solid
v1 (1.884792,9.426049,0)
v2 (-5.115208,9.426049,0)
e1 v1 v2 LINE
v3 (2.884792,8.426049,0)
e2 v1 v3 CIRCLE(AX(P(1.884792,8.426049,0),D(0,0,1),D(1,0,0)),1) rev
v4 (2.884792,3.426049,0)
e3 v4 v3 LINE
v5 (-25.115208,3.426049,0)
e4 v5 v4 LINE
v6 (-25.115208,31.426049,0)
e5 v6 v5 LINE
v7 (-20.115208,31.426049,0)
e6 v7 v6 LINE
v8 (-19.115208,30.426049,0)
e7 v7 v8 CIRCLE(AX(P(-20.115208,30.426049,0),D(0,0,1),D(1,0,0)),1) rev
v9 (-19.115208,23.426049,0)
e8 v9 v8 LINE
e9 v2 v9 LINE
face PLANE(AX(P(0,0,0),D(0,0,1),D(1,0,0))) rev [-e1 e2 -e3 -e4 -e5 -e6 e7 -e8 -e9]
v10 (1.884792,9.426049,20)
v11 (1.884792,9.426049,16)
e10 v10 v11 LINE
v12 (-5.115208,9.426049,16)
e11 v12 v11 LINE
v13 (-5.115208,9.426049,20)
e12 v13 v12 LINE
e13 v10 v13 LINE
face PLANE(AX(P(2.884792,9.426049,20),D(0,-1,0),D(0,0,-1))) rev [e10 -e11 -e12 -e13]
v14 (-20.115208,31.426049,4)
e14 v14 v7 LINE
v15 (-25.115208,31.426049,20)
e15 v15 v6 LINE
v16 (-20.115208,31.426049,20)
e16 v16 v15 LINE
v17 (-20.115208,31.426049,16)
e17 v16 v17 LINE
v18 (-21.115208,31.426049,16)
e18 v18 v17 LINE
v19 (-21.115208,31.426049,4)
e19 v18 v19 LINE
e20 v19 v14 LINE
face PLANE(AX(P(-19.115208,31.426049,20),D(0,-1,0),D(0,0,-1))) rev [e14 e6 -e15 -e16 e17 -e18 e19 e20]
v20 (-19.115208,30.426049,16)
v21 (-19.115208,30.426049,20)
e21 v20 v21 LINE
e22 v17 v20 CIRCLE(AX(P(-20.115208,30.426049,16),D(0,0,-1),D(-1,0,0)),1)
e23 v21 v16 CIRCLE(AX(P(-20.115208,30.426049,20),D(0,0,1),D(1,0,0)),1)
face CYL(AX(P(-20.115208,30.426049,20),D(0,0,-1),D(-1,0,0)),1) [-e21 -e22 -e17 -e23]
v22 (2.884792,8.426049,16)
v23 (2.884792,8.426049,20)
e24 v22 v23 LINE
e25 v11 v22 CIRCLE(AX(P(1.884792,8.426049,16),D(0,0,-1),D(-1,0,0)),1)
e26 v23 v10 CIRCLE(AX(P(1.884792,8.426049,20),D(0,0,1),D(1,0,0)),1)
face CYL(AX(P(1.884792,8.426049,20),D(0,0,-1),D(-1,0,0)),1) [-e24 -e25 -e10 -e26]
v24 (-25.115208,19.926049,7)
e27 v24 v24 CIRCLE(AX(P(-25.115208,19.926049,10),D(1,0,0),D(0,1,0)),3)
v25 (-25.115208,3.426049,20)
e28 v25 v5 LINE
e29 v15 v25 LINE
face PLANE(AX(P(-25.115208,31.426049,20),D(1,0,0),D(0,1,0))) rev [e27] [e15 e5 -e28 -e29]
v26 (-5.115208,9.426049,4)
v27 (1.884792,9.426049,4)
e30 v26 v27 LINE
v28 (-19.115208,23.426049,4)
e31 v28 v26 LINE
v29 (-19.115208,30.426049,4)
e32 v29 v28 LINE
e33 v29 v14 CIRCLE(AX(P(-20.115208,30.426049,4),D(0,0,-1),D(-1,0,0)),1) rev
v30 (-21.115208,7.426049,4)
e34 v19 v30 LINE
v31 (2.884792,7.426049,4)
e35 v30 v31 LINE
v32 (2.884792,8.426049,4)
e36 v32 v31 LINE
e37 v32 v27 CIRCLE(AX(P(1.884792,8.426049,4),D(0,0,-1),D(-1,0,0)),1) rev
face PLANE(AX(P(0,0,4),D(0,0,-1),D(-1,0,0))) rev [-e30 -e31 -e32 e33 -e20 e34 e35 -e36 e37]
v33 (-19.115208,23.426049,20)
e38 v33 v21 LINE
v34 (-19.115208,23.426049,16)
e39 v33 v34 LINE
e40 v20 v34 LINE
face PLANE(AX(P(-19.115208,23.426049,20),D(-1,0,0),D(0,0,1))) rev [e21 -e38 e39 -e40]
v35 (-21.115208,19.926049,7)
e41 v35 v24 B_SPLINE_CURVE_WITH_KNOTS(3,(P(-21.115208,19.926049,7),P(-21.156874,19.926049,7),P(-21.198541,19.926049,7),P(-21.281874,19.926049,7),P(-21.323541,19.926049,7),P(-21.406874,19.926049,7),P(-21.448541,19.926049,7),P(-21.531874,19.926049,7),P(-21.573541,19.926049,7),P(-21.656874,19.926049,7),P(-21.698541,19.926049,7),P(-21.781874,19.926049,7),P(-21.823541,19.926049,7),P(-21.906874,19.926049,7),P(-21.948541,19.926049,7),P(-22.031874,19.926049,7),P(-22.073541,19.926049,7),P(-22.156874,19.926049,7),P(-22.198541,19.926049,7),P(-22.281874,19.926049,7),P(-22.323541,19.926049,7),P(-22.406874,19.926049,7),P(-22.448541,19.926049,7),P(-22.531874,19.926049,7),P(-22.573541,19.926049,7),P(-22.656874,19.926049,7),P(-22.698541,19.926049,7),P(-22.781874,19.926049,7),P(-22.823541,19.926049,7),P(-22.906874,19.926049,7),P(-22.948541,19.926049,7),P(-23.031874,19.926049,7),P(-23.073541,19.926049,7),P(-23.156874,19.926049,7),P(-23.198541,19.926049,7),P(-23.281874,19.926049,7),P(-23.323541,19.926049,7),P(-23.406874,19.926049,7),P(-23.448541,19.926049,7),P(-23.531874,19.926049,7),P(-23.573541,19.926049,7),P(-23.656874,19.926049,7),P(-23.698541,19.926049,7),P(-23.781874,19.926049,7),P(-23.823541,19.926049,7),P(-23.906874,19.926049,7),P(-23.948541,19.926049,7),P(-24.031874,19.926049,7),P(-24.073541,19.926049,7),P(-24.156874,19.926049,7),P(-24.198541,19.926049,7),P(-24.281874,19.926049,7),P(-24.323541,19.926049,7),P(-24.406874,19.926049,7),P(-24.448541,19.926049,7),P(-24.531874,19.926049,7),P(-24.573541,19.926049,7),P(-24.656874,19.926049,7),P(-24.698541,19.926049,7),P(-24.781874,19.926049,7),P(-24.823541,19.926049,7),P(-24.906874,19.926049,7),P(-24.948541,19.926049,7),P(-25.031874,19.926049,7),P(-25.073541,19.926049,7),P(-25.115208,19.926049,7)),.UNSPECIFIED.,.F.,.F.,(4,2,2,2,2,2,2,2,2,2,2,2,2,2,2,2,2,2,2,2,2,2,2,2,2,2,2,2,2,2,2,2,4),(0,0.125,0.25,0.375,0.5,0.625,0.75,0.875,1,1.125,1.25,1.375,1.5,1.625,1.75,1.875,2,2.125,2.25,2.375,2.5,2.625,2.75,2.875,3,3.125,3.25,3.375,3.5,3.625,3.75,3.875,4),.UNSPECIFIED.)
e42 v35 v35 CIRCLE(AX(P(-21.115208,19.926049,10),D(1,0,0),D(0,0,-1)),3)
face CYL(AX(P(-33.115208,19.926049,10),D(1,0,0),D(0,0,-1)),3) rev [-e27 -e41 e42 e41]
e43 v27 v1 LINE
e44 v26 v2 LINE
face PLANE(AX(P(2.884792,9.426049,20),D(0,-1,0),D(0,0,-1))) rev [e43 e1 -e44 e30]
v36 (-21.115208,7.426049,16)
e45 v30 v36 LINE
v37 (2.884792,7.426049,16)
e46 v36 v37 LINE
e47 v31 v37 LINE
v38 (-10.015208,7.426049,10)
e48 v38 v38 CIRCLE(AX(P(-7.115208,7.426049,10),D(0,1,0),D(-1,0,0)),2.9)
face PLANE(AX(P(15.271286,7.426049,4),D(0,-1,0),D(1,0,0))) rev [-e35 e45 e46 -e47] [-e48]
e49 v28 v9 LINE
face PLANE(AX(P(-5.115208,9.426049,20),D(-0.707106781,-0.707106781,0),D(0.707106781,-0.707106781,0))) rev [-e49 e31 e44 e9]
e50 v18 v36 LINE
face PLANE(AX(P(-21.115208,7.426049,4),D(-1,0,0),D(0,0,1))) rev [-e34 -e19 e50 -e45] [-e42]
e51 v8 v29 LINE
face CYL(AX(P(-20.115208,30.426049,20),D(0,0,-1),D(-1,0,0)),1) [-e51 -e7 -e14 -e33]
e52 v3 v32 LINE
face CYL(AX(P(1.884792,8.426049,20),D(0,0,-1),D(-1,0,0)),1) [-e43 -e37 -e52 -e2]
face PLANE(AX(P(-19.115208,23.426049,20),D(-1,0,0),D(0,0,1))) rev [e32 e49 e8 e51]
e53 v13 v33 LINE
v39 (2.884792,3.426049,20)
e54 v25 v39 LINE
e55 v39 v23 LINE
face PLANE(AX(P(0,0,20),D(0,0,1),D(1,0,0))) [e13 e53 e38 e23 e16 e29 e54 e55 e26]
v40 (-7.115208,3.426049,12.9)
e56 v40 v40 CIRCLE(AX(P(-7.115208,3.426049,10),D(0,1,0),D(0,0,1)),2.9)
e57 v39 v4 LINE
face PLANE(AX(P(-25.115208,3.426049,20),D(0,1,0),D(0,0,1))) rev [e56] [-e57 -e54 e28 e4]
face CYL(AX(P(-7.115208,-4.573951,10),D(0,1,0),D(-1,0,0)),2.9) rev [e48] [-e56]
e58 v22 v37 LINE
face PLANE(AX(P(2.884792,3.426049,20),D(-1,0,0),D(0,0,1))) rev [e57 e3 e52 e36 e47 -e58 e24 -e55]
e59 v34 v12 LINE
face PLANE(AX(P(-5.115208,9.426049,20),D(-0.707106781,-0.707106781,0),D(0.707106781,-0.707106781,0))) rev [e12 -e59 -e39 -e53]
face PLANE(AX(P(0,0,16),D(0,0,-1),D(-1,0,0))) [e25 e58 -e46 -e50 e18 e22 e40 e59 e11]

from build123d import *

# Parameters (mm, degrees)
BOSS_EXTRUDE1_DEPTH = 20
SKETCH2_W           = 36.386493836
SKETCH2_H           = 30.590666468
CUT_EXTRUDE1_DEPTH  = 6
SKETCH4_R           = 3
CUT_EXTRUDE2_DEPTH  = 12
SKETCH5_R           = 2.9
CUT_EXTRUDE3_DEPTH  = 12
FILLET1_R           = 1


with BuildPart() as part:
    # Sketch1 → Boss-Extrude1 (new body)
    with BuildSketch(Plane.XY):
        Polygon((-25.115207597, 31.4260495), (-25.115207597, 3.4260495), (2.884792403, 3.4260495), (2.884792403, 9.4260495), (-5.115207597, 9.4260495), (-19.115207597, 23.4260495), (-19.115207597, 31.4260495), align=None)
    extrude(amount=BOSS_EXTRUDE1_DEPTH)

    # Sketch2 → Cut-Extrude1 (cut, symmetric)
    with BuildSketch(Plane.XY.offset(10)):
        with Locations((-2.921960679, 22.721382734)):
            Rectangle(SKETCH2_W, SKETCH2_H)
    extrude(amount=CUT_EXTRUDE1_DEPTH, both=True, mode=Mode.SUBTRACT)

    # Sketch4 → Cut-Extrude2 (cut)
    with BuildSketch(Plane(origin=(-21.115207597, 0, 0), x_dir=(0, 0, -1), z_dir=(1, 0, 0))):
        with Locations((-10, 19.9260495)):
            Circle(SKETCH4_R)
    extrude(amount=-CUT_EXTRUDE2_DEPTH, mode=Mode.SUBTRACT)

    # Sketch5 → Cut-Extrude3 (cut)
    with BuildSketch(Plane(origin=(0, 7.4260495, 0), x_dir=(1, 0, 0), z_dir=(0, 1, 0))):
        with Locations(Location((-7.115207597, -10, 0), (0, 0, 180))):
            Circle(SKETCH5_R)
    extrude(amount=-CUT_EXTRUDE3_DEPTH, mode=Mode.SUBTRACT)

    # Fillet1
    fillet1_edges = [part.edges().sort_by_distance(p)[0] for p in [
        (-19.115207597, 31.4260495, 18),
        (2.884792403, 9.4260495, 18),
        (-19.115207597, 31.4260495, 2),
        (2.884792403, 9.4260495, 2),
    ]]
    fillet(fillet1_edges, radius=FILLET1_R)


solid = part.part
